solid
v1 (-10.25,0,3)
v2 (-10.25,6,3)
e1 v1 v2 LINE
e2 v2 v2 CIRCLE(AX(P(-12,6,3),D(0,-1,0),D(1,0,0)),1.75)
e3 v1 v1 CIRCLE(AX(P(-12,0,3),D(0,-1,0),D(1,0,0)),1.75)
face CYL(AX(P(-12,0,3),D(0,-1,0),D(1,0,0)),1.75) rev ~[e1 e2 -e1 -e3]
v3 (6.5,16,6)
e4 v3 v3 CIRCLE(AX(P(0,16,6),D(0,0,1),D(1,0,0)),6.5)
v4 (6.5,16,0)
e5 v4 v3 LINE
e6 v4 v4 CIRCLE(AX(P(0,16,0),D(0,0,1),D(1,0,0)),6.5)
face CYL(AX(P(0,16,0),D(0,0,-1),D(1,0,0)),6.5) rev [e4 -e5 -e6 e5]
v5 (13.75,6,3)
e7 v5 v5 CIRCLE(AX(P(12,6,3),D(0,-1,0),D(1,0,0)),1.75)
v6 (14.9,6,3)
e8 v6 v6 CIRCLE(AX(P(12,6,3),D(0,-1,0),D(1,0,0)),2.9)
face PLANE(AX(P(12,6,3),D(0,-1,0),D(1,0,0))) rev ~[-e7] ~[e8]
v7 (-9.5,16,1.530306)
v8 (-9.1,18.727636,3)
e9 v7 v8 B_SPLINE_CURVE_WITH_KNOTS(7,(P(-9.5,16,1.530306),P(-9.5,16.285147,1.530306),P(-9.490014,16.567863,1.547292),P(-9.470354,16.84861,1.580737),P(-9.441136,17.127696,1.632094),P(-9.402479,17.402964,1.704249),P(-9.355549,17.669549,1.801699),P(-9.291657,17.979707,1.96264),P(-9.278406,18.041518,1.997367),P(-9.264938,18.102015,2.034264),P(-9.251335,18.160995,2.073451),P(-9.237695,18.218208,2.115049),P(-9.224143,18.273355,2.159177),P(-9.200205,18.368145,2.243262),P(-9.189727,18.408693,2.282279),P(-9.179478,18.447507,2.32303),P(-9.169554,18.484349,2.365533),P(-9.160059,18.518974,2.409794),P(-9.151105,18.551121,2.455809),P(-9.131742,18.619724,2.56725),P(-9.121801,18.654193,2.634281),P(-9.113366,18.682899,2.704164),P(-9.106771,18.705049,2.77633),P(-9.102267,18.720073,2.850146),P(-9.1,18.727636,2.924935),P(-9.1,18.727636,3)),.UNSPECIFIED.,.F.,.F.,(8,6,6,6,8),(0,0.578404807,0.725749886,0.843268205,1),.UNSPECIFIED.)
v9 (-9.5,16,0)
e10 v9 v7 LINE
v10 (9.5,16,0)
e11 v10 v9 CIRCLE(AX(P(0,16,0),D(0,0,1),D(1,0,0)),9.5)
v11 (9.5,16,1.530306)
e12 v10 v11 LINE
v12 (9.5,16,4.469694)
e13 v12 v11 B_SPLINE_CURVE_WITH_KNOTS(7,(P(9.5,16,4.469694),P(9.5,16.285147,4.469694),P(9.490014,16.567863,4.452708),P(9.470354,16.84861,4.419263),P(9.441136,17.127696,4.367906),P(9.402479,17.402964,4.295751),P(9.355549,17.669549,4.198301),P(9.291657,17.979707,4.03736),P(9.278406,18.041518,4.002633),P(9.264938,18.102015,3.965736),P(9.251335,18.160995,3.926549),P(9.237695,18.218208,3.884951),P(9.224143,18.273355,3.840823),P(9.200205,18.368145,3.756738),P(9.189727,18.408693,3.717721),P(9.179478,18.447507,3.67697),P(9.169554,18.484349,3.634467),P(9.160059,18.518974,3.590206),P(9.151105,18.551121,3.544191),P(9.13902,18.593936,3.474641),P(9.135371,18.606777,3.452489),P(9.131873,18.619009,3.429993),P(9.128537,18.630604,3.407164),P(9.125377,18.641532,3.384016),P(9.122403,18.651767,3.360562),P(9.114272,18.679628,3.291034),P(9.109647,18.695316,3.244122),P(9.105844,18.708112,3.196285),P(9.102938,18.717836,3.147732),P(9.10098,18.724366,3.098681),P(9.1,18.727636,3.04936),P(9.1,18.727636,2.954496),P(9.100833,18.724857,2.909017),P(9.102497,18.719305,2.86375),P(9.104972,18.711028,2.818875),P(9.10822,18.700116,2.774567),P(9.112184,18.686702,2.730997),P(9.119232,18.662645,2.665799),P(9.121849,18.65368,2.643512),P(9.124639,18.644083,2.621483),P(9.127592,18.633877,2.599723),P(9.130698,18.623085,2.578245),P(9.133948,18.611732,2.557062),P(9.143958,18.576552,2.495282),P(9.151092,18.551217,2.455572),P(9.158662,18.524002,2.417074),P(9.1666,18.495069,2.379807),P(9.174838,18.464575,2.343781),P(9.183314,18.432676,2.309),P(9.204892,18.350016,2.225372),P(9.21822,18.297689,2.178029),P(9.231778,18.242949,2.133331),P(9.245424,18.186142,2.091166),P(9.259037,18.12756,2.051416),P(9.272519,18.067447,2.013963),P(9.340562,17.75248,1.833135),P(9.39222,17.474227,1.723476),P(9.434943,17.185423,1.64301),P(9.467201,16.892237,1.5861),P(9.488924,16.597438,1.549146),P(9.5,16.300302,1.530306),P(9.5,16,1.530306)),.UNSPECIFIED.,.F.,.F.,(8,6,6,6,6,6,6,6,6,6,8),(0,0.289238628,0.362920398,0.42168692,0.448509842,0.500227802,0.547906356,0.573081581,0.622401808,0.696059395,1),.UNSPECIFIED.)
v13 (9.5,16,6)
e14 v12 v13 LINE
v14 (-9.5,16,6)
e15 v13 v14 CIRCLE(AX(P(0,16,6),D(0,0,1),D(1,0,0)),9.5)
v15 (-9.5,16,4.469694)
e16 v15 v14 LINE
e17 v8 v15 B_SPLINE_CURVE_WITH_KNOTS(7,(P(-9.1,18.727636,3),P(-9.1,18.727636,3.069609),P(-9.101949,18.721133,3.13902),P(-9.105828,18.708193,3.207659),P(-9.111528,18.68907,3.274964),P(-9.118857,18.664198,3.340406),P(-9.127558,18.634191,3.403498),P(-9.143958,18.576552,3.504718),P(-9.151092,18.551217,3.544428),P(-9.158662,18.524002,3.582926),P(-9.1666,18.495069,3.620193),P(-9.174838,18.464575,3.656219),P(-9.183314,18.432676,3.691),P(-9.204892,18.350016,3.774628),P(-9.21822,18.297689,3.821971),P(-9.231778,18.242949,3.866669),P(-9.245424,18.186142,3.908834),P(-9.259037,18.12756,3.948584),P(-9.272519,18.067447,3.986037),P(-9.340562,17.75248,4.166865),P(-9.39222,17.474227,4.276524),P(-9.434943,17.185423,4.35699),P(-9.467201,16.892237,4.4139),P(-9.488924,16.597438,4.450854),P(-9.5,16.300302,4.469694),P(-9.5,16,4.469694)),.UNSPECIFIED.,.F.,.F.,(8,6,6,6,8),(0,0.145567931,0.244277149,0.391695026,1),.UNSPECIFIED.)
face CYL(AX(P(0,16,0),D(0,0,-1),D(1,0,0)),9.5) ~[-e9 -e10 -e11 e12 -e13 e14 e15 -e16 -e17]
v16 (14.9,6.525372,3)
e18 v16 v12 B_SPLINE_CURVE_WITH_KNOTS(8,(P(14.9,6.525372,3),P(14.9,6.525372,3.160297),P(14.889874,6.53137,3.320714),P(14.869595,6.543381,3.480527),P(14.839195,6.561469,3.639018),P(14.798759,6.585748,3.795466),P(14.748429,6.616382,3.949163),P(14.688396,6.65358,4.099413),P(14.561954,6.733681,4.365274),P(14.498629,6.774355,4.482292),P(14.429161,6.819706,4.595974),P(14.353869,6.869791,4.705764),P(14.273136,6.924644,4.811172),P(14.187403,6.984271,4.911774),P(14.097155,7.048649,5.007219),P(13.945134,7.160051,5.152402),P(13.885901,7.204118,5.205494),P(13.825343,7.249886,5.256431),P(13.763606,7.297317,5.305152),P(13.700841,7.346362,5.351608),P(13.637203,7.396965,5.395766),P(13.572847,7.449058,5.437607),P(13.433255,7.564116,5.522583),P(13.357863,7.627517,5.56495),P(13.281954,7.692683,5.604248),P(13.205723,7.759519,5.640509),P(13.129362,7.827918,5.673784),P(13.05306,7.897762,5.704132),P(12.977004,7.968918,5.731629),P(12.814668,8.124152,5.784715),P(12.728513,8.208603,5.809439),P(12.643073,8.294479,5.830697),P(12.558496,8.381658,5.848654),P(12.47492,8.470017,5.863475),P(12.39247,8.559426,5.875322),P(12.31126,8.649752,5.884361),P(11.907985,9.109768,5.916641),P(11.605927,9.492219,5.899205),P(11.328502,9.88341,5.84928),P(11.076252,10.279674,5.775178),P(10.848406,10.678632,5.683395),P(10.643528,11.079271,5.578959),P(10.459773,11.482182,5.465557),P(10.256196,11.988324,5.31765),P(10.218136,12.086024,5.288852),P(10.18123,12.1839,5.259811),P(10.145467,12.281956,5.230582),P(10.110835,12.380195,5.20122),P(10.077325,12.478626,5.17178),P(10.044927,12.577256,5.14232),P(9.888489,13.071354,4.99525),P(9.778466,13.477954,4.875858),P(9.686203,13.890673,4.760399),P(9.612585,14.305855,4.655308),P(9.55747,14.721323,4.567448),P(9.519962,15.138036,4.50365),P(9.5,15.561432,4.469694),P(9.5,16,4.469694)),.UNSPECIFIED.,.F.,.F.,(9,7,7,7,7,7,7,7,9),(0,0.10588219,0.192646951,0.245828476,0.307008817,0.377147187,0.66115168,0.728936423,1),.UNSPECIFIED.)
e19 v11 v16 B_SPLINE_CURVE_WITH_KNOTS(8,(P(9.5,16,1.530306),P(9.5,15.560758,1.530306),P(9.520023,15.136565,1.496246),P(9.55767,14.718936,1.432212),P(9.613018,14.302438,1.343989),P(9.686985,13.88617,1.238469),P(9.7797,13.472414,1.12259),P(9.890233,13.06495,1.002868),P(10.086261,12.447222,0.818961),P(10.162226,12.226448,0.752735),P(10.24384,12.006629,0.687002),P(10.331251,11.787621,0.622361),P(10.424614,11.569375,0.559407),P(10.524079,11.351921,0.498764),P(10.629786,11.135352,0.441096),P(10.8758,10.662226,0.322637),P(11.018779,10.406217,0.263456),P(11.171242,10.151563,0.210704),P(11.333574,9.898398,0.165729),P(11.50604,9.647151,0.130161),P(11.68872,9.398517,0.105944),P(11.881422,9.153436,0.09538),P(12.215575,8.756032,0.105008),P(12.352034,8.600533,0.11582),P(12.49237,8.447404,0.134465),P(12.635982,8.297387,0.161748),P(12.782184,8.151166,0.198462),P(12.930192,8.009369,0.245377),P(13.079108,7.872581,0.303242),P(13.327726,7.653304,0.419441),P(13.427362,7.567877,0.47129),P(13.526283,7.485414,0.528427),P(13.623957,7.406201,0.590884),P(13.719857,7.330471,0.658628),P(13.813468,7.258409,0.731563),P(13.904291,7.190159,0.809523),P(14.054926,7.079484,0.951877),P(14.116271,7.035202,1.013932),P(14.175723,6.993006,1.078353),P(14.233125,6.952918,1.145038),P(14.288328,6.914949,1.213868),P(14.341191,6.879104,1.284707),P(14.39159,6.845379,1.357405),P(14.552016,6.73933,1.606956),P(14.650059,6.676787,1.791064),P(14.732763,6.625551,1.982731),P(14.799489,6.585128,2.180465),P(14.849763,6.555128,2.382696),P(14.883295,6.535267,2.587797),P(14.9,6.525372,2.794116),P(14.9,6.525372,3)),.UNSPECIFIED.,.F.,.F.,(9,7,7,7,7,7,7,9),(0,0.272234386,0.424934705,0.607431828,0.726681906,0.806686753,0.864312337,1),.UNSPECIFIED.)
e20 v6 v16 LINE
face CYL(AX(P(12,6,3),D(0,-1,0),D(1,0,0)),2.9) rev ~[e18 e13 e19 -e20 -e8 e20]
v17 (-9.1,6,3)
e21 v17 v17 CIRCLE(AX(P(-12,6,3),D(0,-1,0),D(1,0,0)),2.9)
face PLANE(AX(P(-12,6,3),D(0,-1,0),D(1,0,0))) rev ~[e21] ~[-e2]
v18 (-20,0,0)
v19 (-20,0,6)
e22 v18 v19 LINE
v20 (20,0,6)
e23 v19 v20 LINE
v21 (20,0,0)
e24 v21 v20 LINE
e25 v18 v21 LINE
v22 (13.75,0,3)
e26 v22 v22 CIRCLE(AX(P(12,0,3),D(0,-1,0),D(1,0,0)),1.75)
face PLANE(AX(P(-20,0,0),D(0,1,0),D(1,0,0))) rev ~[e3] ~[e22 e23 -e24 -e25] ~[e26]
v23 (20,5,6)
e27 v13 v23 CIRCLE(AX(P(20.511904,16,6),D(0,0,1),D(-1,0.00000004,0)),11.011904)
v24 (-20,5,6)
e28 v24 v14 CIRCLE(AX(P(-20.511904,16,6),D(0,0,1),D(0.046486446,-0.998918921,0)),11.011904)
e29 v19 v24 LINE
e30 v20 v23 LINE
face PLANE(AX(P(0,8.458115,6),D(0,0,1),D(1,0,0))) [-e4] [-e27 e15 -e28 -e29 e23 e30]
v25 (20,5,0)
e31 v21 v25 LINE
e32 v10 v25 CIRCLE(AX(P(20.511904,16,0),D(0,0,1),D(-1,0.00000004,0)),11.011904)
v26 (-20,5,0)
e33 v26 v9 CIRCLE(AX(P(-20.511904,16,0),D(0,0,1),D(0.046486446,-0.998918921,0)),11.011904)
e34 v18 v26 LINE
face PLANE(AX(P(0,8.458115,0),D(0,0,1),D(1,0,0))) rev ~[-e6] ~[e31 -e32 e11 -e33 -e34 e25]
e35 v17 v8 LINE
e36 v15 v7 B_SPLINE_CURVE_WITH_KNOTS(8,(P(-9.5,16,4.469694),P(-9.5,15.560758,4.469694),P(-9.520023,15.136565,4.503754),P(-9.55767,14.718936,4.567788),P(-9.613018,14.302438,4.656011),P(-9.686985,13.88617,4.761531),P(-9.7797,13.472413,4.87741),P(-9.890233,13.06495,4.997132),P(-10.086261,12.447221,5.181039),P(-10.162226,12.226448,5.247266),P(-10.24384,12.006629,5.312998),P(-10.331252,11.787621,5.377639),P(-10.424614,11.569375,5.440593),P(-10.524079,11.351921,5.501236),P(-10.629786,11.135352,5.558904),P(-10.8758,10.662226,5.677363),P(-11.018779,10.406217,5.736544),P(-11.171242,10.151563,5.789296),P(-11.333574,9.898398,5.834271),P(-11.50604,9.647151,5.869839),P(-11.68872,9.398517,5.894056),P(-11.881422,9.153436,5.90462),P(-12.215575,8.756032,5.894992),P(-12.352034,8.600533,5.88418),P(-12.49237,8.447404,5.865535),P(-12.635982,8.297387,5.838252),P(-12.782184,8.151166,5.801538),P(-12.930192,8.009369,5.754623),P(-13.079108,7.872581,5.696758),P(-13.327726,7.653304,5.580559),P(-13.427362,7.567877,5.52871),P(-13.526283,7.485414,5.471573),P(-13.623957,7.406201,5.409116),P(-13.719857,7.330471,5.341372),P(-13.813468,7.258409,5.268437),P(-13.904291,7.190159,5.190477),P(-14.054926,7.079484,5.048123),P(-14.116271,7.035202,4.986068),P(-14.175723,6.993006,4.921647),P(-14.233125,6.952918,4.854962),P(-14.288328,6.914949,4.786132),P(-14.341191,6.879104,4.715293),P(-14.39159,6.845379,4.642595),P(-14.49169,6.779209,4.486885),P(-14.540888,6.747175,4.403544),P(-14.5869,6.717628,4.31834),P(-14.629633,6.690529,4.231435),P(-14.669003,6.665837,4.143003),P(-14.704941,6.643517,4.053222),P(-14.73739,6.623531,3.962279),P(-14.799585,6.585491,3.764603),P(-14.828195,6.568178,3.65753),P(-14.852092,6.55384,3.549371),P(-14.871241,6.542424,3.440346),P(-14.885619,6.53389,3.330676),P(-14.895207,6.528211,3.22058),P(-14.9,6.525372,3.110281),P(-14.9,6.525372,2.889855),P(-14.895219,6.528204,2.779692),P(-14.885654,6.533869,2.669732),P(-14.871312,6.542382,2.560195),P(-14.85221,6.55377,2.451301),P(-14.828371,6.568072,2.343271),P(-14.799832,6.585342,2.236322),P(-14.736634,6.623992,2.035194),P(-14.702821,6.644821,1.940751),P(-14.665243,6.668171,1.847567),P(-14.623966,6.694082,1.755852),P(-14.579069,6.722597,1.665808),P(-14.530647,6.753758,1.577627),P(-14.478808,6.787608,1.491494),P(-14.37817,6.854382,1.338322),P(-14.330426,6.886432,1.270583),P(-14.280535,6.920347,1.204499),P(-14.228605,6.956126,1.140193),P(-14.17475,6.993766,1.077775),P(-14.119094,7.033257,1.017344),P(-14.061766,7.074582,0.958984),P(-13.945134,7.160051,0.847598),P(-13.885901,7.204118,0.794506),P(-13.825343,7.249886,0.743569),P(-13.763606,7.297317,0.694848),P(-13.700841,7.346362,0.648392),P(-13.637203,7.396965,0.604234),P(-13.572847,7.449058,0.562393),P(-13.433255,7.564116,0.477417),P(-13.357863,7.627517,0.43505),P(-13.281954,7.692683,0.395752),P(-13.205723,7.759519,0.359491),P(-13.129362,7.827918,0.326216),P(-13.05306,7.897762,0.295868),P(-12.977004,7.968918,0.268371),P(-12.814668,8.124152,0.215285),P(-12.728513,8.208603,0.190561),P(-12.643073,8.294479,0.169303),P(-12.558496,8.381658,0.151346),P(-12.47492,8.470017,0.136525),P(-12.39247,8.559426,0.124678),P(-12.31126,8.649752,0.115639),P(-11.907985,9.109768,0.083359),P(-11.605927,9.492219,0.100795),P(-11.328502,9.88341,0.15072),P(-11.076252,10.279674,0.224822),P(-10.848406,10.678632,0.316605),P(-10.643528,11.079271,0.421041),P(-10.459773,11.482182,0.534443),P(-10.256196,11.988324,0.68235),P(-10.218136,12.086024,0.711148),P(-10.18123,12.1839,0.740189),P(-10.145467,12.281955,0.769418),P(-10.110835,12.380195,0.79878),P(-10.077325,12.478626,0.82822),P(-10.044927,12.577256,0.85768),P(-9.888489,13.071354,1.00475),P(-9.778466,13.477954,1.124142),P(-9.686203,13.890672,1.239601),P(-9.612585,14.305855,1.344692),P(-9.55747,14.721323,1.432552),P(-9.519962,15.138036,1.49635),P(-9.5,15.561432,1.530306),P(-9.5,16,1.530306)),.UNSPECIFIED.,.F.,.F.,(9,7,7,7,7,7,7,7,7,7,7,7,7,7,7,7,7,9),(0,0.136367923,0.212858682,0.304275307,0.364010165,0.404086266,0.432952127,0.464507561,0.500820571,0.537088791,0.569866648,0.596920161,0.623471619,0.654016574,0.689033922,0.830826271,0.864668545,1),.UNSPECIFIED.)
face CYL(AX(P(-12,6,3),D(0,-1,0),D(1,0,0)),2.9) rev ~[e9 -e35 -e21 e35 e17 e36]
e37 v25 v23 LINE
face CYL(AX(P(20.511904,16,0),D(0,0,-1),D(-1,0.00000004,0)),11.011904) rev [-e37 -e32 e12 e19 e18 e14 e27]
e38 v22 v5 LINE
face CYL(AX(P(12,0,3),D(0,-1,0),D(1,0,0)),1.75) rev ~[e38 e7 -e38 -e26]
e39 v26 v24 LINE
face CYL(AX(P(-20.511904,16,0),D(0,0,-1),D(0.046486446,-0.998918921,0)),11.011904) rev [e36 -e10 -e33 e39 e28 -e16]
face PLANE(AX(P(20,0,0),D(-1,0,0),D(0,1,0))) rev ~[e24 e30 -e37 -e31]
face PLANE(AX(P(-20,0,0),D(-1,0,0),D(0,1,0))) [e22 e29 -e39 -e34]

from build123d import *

# Parameters (mm, degrees)
SKETCH_R        = 6.5
PAD_DEPTH       = 6
SKETCH001_R     = 1.75
POCKET_DEPTH    = 25.501
SKETCH002_R     = 2.9
POCKET001_DEPTH = 19.501


with BuildPart() as part:
    # Sketch → Pad (new body)
    with BuildSketch(Plane.XY):
        with BuildLine():
            ThreePointArc((9.5, 16), (0, 25.5), (-9.5, 16))
            ThreePointArc((-20, 5), (-12.546382, 8.396547), (-9.5, 16))
            Line((-20, 0), (-20, 5))
            Line((-20, 0), (20, 0))
            Line((20, 0), (20, 5))
            ThreePointArc((9.5, 16), (12.546382, 8.396547), (20, 5))
        make_face()
        with Locations((0, 16)):
            Circle(SKETCH_R, mode=Mode.SUBTRACT)
    extrude(amount=PAD_DEPTH)

    # Sketch001 (on Face4 of Pad) → Pocket (cut, through all)
    with BuildSketch(Plane.XZ):
        with Locations((-12, 3)):
            Circle(SKETCH001_R)
        with Locations((12, 3)):
            Circle(SKETCH001_R)
    extrude(amount=-POCKET_DEPTH, mode=Mode.SUBTRACT)

    # Sketch002 (on Face4 of Pad) → Pocket001 (cut, through all)
    with BuildSketch(Plane.XZ.offset(-6)):
        with Locations((-12, 3)):
            Circle(SKETCH002_R)
        with Locations((12, 3)):
            Circle(SKETCH002_R)
    extrude(amount=-POCKET001_DEPTH, mode=Mode.SUBTRACT)


solid = part.part
